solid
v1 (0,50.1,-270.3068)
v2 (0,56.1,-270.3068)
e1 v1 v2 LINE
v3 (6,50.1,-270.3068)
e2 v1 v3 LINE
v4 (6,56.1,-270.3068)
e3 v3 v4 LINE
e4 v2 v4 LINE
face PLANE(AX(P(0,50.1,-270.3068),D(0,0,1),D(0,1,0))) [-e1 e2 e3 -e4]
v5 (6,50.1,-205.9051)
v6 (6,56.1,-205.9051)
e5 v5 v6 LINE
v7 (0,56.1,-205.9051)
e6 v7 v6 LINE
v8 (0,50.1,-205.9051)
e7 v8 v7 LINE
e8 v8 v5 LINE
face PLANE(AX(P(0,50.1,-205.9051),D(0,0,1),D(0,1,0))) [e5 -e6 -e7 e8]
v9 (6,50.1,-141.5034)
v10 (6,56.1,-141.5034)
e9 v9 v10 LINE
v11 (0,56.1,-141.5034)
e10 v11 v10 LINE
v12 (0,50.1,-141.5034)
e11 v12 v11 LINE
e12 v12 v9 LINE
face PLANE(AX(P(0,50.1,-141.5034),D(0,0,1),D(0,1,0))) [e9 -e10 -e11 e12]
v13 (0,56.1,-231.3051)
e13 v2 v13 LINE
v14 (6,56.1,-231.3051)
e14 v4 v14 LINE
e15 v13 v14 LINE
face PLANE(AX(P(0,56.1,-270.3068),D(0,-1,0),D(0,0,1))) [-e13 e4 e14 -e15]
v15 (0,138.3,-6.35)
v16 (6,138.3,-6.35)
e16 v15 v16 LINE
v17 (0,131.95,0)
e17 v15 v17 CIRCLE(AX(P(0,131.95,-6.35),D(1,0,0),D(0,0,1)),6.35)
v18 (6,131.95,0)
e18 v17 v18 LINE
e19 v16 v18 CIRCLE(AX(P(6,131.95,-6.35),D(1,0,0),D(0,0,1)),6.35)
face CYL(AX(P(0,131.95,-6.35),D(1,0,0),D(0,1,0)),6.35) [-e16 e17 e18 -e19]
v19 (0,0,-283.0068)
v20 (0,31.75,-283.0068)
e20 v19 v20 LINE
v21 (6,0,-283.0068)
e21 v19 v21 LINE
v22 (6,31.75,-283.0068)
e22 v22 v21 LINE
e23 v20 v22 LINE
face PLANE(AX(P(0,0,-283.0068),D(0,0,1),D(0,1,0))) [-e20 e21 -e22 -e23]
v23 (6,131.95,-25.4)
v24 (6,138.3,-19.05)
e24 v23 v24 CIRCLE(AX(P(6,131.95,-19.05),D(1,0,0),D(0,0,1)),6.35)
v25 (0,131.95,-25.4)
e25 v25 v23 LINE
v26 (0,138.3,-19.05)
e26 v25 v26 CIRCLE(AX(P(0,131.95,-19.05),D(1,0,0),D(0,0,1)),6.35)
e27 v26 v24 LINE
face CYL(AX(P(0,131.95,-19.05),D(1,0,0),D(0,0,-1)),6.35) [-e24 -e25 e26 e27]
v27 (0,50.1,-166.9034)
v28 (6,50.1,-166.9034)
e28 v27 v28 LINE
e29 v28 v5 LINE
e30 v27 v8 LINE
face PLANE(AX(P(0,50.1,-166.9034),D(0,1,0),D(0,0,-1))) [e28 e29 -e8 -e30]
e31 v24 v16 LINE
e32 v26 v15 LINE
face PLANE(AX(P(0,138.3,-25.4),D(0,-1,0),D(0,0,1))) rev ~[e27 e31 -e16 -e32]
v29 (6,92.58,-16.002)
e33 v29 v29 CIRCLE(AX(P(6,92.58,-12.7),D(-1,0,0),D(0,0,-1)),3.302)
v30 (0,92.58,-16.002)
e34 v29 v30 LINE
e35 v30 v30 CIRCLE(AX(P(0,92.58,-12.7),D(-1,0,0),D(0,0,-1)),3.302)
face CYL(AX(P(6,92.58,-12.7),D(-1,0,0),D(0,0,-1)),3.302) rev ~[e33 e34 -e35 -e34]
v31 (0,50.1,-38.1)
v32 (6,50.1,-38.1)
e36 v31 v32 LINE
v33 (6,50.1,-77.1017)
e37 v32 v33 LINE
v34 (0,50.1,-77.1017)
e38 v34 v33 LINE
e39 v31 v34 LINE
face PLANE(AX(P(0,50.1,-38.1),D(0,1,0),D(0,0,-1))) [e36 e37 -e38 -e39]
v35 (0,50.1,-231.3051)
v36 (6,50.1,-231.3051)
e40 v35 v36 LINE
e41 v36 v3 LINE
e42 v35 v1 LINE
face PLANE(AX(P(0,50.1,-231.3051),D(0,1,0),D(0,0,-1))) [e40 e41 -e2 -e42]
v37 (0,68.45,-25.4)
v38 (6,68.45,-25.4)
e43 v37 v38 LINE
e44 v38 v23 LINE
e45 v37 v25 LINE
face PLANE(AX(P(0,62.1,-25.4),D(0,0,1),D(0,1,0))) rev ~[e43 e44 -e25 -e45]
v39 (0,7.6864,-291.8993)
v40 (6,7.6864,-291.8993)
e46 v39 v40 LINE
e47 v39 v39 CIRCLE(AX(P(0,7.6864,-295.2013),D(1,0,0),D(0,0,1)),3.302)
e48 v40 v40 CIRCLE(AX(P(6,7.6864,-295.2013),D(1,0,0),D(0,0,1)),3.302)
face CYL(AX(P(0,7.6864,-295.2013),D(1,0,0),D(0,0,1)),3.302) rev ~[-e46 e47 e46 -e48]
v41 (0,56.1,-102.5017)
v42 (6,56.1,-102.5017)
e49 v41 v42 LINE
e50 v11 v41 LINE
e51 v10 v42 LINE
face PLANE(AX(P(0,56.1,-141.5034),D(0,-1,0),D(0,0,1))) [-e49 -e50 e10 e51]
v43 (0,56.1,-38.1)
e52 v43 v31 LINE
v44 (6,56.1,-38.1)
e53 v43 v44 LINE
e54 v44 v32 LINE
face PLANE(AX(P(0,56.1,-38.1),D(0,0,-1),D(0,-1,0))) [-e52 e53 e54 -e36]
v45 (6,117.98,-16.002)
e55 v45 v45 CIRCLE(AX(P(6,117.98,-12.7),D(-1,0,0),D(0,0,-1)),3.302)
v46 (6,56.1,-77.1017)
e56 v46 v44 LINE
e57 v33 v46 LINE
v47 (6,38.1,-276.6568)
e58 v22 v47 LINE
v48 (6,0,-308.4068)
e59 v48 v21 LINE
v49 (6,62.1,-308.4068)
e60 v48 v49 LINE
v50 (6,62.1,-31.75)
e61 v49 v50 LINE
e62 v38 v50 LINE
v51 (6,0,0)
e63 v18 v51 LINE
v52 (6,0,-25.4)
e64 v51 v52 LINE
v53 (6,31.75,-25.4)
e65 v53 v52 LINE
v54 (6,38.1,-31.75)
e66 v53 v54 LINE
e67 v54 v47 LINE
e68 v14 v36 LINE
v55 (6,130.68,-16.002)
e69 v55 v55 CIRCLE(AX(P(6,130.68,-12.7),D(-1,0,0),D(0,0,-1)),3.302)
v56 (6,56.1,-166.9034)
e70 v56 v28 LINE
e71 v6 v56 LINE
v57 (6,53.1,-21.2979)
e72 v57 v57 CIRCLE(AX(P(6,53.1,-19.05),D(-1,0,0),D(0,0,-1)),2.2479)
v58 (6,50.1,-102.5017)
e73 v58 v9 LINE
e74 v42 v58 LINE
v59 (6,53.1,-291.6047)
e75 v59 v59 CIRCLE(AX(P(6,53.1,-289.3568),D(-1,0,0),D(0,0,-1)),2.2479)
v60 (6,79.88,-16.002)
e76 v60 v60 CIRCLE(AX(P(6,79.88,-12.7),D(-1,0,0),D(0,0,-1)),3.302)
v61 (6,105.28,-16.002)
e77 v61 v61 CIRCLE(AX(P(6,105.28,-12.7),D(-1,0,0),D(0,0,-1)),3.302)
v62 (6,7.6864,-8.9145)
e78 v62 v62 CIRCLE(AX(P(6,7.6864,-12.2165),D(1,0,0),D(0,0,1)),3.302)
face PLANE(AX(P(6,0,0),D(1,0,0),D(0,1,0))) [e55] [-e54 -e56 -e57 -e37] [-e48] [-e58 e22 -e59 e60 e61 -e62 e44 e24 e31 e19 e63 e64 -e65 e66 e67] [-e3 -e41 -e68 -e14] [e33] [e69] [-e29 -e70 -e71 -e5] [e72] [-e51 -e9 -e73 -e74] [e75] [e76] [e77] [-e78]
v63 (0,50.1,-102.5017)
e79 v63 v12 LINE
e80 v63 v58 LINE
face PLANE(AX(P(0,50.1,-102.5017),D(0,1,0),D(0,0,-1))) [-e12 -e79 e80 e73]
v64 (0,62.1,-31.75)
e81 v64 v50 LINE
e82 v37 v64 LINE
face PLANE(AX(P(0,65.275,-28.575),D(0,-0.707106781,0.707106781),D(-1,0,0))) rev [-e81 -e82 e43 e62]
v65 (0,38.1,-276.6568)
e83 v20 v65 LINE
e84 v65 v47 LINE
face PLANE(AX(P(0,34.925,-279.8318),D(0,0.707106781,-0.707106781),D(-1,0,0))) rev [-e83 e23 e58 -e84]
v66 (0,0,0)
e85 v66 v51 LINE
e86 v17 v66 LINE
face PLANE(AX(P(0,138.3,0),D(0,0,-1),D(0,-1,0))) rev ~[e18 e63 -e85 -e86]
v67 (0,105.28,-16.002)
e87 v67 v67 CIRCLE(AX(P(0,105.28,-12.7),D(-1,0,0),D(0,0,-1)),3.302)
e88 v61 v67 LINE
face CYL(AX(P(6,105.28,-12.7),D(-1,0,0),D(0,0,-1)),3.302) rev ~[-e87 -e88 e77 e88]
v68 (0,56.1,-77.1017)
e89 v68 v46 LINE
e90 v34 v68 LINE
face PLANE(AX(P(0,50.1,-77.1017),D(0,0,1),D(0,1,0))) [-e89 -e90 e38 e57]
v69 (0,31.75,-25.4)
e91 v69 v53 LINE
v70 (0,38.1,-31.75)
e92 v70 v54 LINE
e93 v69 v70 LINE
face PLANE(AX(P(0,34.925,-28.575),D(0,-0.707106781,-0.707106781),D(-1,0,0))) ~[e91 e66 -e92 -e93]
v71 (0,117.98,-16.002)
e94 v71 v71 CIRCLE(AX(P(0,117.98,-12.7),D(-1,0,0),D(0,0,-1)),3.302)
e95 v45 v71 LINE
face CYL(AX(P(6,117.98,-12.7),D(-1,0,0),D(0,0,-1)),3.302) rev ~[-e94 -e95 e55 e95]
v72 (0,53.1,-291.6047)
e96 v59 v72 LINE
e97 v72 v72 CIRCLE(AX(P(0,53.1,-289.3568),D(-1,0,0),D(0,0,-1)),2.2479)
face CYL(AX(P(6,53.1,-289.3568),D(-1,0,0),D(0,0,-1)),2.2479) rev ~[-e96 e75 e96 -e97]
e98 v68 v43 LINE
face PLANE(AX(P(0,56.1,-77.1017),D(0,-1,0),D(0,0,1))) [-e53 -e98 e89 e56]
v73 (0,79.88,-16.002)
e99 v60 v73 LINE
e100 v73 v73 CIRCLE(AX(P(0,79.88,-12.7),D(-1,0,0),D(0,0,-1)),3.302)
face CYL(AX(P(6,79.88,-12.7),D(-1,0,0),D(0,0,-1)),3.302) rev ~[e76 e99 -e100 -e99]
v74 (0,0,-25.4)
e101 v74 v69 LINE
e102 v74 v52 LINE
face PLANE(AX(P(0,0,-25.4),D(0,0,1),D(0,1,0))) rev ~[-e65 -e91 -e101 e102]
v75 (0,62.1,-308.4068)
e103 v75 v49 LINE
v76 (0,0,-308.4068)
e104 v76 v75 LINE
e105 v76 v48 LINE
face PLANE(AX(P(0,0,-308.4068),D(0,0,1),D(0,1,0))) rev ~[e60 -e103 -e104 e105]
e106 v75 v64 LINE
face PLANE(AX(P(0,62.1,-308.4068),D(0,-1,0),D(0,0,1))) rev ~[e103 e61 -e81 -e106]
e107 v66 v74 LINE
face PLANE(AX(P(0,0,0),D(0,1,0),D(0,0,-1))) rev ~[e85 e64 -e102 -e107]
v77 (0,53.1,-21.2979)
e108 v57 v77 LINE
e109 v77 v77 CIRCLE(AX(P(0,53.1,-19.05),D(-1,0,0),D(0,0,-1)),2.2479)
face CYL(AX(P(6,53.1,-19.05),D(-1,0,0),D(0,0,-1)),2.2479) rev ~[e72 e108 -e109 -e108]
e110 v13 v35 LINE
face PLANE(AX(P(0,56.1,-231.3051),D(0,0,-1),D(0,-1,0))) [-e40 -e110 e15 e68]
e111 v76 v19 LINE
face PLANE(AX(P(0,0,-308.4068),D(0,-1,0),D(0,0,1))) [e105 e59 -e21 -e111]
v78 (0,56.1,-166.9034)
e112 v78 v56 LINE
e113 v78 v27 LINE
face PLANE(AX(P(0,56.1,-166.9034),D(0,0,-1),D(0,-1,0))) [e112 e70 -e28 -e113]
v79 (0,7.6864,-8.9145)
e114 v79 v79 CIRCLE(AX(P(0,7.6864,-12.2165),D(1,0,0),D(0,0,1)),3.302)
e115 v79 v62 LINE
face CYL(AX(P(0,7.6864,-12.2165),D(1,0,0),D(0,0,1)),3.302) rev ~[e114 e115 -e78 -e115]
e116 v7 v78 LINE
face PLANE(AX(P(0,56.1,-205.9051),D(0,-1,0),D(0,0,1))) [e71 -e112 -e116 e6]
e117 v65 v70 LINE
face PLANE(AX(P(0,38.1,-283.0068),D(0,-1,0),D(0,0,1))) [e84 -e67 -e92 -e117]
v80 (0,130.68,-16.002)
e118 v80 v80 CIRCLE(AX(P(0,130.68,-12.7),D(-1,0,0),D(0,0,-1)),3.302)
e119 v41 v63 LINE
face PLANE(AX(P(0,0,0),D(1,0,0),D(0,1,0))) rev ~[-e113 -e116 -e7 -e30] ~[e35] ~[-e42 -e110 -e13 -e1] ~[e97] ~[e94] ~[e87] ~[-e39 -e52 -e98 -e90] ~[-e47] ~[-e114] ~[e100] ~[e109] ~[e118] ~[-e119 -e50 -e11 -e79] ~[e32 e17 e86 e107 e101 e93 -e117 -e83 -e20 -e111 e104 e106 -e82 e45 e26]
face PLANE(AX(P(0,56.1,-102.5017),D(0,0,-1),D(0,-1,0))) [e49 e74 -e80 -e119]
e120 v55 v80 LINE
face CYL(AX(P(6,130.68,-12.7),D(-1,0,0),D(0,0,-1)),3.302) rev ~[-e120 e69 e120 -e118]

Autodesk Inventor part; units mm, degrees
ref_plane "YZ Plane" through (0, 0, 0) normal (1, 0, 0) x (0, 1, 0)
ref_plane "XZ Plane" through (0, 0, 0) normal (0, 1, 0) x (-1, 0, 0)
ref_plane "XY Plane" through (0, 0, 0) normal (0, 0, 1) x (1, 0, 0)
sketch "Sketch1" plane through (0, 0, 0) normal (1, 0, 0) x (0, 1, 0)
  line L0 (0, 0) -> (0, -38.1)
  line L1 (0, -38.1) -> (38.1, -38.1)
  line L2 (0, -308.4068) -> (0, -270.3068)
  line L3 (0, -270.3068) -> (38.1, -270.3068)
  line L4 (0, -308.4068) -> (62.1, -308.4068)
  line L5 (62.1, -308.4068) -> (62.1, -25.4)
  line L6 (62.1, -25.4) -> (138.3, -25.4)
  line L7 (138.3, -25.4) -> (138.3, 0)
  line L8 (38.1, -38.1) -> (38.1, -270.3068)
  line L9 (138.3, 0) -> (0, 0)
  line L10 (56.1, -38.1) -> (50.1, -38.1)
  line L11 (50.1, -38.1) -> (50.1, -77.1017)
  line L12 (50.1, -77.1017) -> (56.1, -77.1017)
  line L13 (56.1, -77.1017) -> (56.1, -38.1)
  line L14 (56.1, -102.5017) -> (50.1, -102.5017)
  line L15 (50.1, -102.5017) -> (50.1, -141.5034)
  line L16 (50.1, -141.5034) -> (56.1, -141.5034)
  line L17 (56.1, -141.5034) -> (56.1, -102.5017)
  line L18 (56.1, -166.9034) -> (50.1, -166.9034)
  line L19 (50.1, -166.9034) -> (50.1, -205.9051)
  line L20 (50.1, -205.9051) -> (56.1, -205.9051)
  line L21 (56.1, -205.9051) -> (56.1, -166.9034)
  line L22 (56.1, -231.3051) -> (50.1, -231.3051)
  line L23 (50.1, -231.3051) -> (50.1, -270.3068)
  line L24 (50.1, -270.3068) -> (56.1, -270.3068)
  line L25 (56.1, -270.3068) -> (56.1, -231.3051)
  point P0 (0, -289.3568)
  point P1 (56.1, -57.6008)
  point P2 (56.1, -122.0026)
  point P3 (56.1, -186.4043)
  point P4 (56.1, -250.806)
  dimension "d1" = 38.1
  dimension "d2" = 38.1
  dimension "d4" = 38.1
  dimension "d5" = 24
  dimension "d6" = 76.2
  dimension "d16" = 308.4068
  dimension "d17" = 6
  dimension "d18" = 39.0017
  dimension "d21" = 6
  dimension "d22" = 39.0017
  dimension "d23" = 25.4
  dimension "d24" = 6
  dimension "d25" = 39.0017
  dimension "d26" = 25.4
  dimension "d27" = 6
  dimension "d28" = 39.0017
  dimension "d29" = 25.4
  dimension "d49" = 25.4
  dimension "d61" = 38.1
  dimension "d62" = 50.1
extrude "Extrusion1" add sketch "Sketch1" along normal blind 6
sketch "Sketch2" plane through (0, 0, 0) normal (-1, 0, 0) x (0, 0, 1)
  circle A0 centre (-12.2165, 7.6864) radius 3.175 projected
  circle A1 centre (-295.2013, 7.6864) radius 3.175 projected
  point P0 (0, 0)
sketch "Sketch3" plane through (0, 0, 0) normal (-1, 0, 0) x (0, 0, 1)
  line L0 (0, 0) -> (-38.1, 0) projected
  line L1 (-38.1, 0) -> (-25.4, 0)
  line L2 (-25.4, 0) -> (-25.4, 38.1)
  line L3 (-25.4, 38.1) -> (-38.1, 38.1)
  line L4 (-38.1, 38.1) -> (-38.1, 0)
  line L5 (-270.3068, 38.1) -> (-270.3068, 0) projected
  line L6 (-270.3068, 0) -> (-283.0068, 0)
  line L7 (-283.0068, 0) -> (-283.0068, 38.1)
  line L8 (-283.0068, 38.1) -> (-270.3068, 38.1)
  line L9 (-270.3068, 38.1) -> (-270.3068, 0)
  dimension "d37" = 12.7
  dimension "d90" = 38.1
extrude "Extrusion3" cut sketch "Sketch3" against normal through all
chamfer "Chamfer1" distance 6.35 angle 45 2 edges at (3, 38.1, -283.0068) (3, 38.1, -25.4)
chamfer "Chamfer2" distance 6.35 angle 45 1 edges at (3, 62.1, -25.4)
fillet "Fillet1" radius 6.35 2 edges at (3, 138.3, -25.4) (3, 138.3, 0)
sketch "Sketch4" plane through (6, 0, 0) normal (1, 0, 0) x (0, 0, -1)
  circle A0 centre (12.7, 130.68) radius 3.175
  line L0 (19.05, 138.3) -> (6.35, 138.3) projected
  line L1 (25.4, 68.45) -> (25.4, 131.95) projected
  circle A1 centre (12.7, 117.98) radius 3.175
  circle A2 centre (12.7, 105.28) radius 3.175
  circle A3 centre (12.7, 92.58) radius 3.175
  circle A4 centre (12.7, 79.88) radius 3.175
  point P0 (0, 0)
  point P1 (12.7, 138.3)
  dimension "d50" = 6.35
  dimension "d51" = 7.62
  dimension "d54" = 12.7
sketch "Sketch5" plane through (6, 0, 0) normal (1, 0, 0) x (0, 0, -1)
  circle A0 centre (19.05, 53.1) radius 1.6256
  circle A1 centre (289.3568, 53.1) radius 1.6256
  line L0 (0, 131.95) -> (0, 0) projected
  line L1 (308.4068, 0) -> (308.4068, 62.1) projected
  line L2 (270.3068, 56.1) -> (270.3068, 50.1) projected
  line L3 (38.1, 50.1) -> (38.1, 56.1) projected
  point P0 (270.3068, 53.1)
  point P1 (38.1, 53.1)
  dimension "d63" = 3.2512
  dimension "d64" = 3.2512
  dimension "d65" = 19.05
  dimension "d66" = 19.05
hole "Hole1" at (0, 7.6864, -12.2165) at (0, 7.6864, -295.2013) direction (1, 0, 0) diameter 6.604 depth 17.0942 tip angle 118 clearance for "Hex Head Bolt" size "M6" standard "Ansi Metric M Profile"
hole "Hole2" at (6, 79.88, -12.7) at (6, 92.58, -12.7) at (6, 105.28, -12.7) at (6, 117.98, -12.7) at (6, 130.68, -12.7) direction (-1, 0, 0) diameter 6.604 depth 17.0942 tip angle 118 clearance for "Hex Head Bolt" size "M6" standard "Ansi Metric M Profile"
hole "Hole3" at (6, 53.1, -289.3568) at (6, 53.1, -19.05) direction (-1, 0, 0) diameter 4.4958 depth 17.0942 tip angle 118 clearance for "Socket Head Cap Screw" size "M4" standard "Ansi Metric M Profile"
properties part number "V3 Mounting Wall"
